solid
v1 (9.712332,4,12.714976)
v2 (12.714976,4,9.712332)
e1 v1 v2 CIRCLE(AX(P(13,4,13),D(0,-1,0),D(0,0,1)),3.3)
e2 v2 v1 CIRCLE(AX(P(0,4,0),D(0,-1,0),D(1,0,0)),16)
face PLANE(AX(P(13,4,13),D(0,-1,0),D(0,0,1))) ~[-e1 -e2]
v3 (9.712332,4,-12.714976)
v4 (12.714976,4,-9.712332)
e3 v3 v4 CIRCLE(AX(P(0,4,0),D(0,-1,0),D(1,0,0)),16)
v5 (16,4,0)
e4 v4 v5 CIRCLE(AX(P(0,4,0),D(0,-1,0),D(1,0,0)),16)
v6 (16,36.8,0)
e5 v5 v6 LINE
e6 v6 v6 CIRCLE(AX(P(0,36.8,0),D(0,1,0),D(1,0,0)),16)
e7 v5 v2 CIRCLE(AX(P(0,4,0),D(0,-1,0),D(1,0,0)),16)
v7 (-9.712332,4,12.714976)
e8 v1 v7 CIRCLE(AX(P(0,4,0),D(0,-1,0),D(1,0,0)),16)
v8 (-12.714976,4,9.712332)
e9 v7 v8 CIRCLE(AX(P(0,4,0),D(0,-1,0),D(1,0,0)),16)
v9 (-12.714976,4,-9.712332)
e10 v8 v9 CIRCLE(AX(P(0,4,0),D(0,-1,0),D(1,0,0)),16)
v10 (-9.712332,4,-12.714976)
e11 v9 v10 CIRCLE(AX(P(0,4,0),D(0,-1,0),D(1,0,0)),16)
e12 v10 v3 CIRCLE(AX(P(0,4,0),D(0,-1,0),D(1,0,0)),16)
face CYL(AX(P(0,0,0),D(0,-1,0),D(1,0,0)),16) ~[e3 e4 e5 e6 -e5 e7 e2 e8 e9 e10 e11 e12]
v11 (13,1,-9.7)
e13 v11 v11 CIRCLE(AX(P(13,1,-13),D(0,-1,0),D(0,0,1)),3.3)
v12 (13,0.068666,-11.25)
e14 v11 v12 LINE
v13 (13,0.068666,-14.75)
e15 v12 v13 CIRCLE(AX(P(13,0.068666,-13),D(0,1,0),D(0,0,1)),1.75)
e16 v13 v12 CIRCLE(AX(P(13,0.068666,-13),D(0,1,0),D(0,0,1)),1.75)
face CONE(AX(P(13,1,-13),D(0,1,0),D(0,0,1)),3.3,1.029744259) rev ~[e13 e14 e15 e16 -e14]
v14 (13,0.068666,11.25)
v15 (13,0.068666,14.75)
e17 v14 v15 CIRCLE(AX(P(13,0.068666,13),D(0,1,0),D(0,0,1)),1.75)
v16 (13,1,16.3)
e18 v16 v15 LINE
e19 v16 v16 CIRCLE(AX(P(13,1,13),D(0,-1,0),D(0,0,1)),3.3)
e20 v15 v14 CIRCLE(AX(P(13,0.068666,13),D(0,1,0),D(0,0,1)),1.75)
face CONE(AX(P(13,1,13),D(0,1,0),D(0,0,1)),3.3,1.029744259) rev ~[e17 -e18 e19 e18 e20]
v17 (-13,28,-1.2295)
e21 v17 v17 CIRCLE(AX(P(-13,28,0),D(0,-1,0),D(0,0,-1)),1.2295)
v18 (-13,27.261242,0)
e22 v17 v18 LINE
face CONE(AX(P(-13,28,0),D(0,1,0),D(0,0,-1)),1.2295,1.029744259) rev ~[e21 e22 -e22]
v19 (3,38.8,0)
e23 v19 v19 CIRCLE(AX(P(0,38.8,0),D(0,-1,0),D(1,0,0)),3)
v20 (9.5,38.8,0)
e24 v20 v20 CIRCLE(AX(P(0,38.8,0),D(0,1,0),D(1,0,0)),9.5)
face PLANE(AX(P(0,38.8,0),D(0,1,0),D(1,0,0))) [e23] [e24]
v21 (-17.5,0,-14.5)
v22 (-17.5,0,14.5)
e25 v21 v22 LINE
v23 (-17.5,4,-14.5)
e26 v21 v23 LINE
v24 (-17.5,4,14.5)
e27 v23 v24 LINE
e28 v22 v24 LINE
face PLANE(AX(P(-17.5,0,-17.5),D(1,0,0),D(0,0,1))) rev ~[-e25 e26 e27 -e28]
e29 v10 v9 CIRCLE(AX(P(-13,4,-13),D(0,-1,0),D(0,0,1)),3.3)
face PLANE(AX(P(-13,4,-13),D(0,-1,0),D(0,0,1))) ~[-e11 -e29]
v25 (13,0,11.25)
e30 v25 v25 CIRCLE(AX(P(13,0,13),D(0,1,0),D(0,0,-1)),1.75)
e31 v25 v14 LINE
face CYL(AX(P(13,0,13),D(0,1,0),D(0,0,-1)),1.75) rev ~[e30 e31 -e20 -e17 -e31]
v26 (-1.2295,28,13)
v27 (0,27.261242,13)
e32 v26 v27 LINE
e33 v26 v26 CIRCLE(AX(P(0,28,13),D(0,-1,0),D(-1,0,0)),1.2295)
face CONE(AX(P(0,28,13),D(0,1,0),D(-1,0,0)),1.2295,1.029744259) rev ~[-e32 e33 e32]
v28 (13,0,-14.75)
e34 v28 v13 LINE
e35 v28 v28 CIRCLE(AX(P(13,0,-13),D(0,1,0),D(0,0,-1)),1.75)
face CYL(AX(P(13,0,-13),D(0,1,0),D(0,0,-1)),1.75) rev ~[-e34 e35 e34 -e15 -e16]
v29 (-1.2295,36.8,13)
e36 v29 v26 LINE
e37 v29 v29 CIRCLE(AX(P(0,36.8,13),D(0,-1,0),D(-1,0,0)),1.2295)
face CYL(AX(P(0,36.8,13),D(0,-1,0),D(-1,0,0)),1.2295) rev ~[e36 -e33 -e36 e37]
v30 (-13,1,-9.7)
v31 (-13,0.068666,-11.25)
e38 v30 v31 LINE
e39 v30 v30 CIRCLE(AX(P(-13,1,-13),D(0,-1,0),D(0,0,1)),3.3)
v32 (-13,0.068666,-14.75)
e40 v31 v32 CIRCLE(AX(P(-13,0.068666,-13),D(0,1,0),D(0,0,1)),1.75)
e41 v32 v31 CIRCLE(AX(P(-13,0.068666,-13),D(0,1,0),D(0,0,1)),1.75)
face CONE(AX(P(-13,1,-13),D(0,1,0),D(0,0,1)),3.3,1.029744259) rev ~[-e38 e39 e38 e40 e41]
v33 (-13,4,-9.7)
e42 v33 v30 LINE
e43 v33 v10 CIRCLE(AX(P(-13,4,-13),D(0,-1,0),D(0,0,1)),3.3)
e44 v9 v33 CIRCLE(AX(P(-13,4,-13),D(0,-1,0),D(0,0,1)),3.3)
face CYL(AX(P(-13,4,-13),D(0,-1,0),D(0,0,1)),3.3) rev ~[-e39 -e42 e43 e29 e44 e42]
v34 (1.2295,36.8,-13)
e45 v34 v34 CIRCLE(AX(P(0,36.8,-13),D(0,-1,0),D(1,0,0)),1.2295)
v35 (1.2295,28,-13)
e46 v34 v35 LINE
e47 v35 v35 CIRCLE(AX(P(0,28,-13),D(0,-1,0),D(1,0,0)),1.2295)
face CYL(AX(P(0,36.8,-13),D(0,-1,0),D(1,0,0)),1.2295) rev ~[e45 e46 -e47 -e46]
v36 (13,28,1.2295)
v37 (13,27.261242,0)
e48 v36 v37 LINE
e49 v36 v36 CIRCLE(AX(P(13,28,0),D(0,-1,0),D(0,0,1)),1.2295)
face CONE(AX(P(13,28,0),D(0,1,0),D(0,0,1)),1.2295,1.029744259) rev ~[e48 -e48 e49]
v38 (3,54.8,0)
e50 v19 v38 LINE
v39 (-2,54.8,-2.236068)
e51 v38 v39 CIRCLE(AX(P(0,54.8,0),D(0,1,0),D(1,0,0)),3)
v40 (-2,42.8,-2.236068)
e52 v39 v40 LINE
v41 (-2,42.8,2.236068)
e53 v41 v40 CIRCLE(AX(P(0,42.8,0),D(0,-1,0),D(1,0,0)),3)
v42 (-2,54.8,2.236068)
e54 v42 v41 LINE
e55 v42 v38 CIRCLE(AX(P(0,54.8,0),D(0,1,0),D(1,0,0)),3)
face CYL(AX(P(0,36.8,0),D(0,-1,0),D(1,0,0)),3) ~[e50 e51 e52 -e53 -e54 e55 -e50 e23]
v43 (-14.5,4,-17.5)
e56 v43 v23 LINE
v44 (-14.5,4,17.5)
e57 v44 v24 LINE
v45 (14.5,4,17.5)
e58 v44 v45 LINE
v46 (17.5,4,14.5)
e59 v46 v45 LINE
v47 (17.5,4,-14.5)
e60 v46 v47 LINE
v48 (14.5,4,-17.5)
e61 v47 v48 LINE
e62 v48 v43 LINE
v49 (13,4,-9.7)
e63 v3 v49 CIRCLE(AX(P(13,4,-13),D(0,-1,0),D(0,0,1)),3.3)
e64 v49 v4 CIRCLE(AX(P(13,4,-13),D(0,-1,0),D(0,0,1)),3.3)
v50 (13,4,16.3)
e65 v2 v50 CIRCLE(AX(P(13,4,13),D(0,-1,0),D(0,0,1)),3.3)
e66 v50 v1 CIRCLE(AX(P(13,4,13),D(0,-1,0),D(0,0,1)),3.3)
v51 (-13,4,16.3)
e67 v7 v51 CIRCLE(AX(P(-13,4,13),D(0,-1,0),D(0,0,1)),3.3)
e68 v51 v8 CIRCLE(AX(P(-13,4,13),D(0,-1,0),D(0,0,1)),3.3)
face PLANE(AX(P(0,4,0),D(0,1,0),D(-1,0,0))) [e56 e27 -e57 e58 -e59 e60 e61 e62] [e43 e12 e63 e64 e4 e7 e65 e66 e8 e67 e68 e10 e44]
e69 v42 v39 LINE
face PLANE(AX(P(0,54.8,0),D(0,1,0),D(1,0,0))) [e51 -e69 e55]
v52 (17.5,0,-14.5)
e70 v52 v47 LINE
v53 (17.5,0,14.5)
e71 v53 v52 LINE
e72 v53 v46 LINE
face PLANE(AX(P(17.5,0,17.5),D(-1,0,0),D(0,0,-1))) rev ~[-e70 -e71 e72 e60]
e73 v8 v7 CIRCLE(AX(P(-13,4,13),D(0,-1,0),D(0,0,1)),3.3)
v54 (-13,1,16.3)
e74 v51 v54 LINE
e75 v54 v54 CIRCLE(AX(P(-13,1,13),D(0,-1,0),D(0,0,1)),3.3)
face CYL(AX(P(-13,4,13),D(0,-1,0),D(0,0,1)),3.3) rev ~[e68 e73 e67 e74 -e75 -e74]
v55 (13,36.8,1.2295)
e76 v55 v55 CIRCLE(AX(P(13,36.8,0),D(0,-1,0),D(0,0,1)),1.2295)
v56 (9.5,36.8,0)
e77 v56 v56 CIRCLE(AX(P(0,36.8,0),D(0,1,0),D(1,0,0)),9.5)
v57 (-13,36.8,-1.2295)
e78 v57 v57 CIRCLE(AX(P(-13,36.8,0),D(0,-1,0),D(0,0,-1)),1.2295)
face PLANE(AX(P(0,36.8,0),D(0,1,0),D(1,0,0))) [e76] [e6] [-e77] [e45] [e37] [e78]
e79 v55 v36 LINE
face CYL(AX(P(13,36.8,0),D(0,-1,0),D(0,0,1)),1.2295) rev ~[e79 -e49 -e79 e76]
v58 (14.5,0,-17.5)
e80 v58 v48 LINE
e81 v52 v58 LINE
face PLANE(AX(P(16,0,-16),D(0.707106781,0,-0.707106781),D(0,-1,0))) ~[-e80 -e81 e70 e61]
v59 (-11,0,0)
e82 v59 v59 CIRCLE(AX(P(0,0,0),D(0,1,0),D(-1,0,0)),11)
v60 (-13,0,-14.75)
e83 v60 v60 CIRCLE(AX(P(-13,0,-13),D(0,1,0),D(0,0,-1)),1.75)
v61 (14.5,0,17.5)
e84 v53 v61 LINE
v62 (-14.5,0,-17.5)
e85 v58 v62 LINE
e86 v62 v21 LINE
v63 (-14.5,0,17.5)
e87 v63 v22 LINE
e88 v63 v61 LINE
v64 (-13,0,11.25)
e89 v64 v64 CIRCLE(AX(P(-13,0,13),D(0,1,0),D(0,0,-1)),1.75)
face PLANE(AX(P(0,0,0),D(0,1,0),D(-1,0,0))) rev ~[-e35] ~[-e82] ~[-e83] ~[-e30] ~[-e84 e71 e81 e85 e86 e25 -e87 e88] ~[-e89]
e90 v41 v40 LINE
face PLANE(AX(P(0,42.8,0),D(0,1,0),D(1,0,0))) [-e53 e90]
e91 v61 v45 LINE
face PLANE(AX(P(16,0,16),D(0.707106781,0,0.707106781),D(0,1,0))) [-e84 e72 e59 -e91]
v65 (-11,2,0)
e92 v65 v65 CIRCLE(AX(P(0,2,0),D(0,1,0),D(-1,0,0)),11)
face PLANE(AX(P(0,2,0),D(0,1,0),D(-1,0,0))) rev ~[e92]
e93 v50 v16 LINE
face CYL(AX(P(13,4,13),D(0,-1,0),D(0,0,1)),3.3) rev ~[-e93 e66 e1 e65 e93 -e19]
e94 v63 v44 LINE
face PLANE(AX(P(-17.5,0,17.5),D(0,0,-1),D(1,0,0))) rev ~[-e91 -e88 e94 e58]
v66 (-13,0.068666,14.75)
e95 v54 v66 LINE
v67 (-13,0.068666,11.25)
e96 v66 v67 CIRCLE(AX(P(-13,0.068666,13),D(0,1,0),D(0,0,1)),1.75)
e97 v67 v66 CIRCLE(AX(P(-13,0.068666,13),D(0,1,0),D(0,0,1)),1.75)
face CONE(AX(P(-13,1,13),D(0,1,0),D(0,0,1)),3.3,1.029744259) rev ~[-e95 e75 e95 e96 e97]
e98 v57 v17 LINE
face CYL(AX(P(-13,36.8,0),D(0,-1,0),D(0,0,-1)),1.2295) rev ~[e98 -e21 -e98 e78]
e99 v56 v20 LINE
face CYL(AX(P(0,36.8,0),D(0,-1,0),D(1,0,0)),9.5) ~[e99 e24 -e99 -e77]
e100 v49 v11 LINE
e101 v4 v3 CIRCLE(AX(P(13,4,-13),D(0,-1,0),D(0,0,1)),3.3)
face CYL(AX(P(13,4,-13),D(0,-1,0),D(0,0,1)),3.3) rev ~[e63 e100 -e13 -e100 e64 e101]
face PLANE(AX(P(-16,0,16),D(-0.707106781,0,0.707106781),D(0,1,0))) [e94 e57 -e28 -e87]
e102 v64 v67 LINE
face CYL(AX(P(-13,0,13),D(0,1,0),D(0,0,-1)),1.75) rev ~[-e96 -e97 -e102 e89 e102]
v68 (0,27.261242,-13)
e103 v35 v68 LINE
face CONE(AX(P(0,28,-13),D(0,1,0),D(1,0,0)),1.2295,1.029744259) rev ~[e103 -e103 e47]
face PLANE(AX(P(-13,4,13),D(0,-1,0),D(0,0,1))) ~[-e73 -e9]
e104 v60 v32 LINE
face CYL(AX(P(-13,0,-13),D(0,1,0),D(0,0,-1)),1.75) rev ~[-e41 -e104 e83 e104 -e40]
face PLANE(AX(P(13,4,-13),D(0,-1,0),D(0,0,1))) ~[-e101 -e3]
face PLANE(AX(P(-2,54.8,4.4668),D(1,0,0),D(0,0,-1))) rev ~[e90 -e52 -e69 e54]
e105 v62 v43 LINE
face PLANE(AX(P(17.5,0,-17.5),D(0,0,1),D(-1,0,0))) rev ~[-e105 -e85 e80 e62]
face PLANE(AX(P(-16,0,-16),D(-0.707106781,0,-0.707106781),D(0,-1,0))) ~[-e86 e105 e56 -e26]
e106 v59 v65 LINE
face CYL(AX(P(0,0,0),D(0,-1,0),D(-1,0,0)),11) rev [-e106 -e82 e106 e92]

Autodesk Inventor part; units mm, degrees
ref_plane "YZ Plane" through (0, 0, 0) normal (1, 0, 0) x (0, 1, 0)
ref_plane "XZ Plane" through (0, 0, 0) normal (0, 1, 0) x (-1, 0, 0)
ref_plane "XY Plane" through (0, 0, 0) normal (0, 0, 1) x (1, 0, 0)
sketch "Sketch1" plane through (0, 0, 0) normal (0, 1, 0) x (-1, 0, 0)
  line L0 (-17.5, -17.5) -> (17.5, -17.5)
  line L1 (17.5, -17.5) -> (17.5, 17.5)
  line L2 (17.5, 17.5) -> (-17.5, 17.5)
  line L3 (-17.5, 17.5) -> (-17.5, -17.5)
  line L4 (-17.5, -17.5) -> (17.5, 17.5) construction
  line L5 (17.5, -17.5) -> (-17.5, 17.5) construction
  point P0 (0, 0)
  dimension "d0" = 35
extrude "Extrusion1" add sketch "Sketch1" along normal blind 4
sketch "Sketch2" plane through (0, 0, 0) normal (0, 1, 0) x (1, 0, 0)
  circle A0 centre (0, 0) radius 16
  dimension "d3" = 32
extrude "Extrusion2" add sketch "Sketch2" along normal blind 36.8
sketch "Sketch3" plane through (0, 36.8, 0) normal (0, 1, 0) x (1, 0, 0)
  circle A0 centre (0, 0) radius 9.5
  dimension "d6" = 19
extrude "Extrusion3" add sketch "Sketch3" along normal blind 2
sketch "Sketch4" plane through (0, 36.8, 0) normal (0, 1, 0) x (1, 0, 0)
  circle A0 centre (0, 0) radius 3
  dimension "d9" = 6
extrude "Extrusion4" add sketch "Sketch4" along normal blind 18
sketch "Sketch5" plane through (0, 36.8, 0) normal (0, 1, 0) x (1, 0, 0)
  line L0 (24.5, 0) -> (-24.5, 0) projected
  line L1 (0, 24.5) -> (0, -24.5) projected
  point P0 (13, 0)
  dimension "d49" = 13
hole "Hole1" at (13, 36.8, 0) direction (0, -1, 0) diameter 2.459 depth 8.8 tip angle 118 thread size "M3x0.5" class "6H" standard "ISO Metric profile"
pattern_circular "Circular Pattern1" count 4 over 360 about axis through (0, -10, 0) along (0, 1, 0) of "Hole1"
chamfer "Chamfer1" distance 3 angle 45 4 edges at (17.5, 2, -17.5) (-17.5, 2, -17.5) (17.5, 2, 17.5) (-17.5, 2, 17.5)
sketch "Sketch7" plane through (0, 0, 0) normal (0, 1, 0) x (-1, 0, 0)
  circle A0 centre (0, 0) radius 11
  dimension "d30" = 22
extrude "Extrusion5" cut sketch "Sketch7" along normal blind 2
sketch "Sketch8" plane through (0, 0, 0) normal (0, 1, 0) x (-1, 0, 0)
  line L0 (13, 13) -> (-13, 13)
  line L1 (-13, 13) -> (-13, -13)
  line L2 (-13, -13) -> (13, -13)
  line L3 (13, -13) -> (13, 13)
  line L4 (13, 13) -> (-13, -13) construction
  line L5 (-13, 13) -> (13, -13) construction
  point P0 (0, 0)
  dimension "d33" = 26
hole "Hole3" at (13, 0, 13) at (-13, 0, 13) at (-13, 0, -13) at (13, 0, -13) direction (0, 1, 0) diameter 3.5 depth 4
sketch "Sketch9" plane through (0, 4, 0) normal (0, 1, 0) x (1, 0, 0)
  circle A0 centre (-13, -13) radius 1.75 projected
  circle A1 centre (-13, 13) radius 1.75 projected
  circle A2 centre (13, 13) radius 1.75 projected
  circle A3 centre (13, -13) radius 1.75 projected
  point P0 (0, 0)
  point P1 (-13.6978, -15.9176)
  point P2 (-15.9176, -13.6978)
  point P3 (13.6978, 15.9176)
  point P4 (15.9176, 13.6978)
  point P5 (14.7912, 17.2088)
  point P6 (-14.7912, -17.2088)
  point P7 (-17.2088, -14.7912)
  point P8 (17.2088, 14.7912)
hole "Hole4" at (-13, 4, 13) at (-13, 4, -13) at (13, 4, -13) at (13, 4, 13) direction (0, -1, 0) diameter 6.6 depth 3 tip angle 118
sketch "Sketch10" plane through (0, 54.8, 0) normal (0, 1, 0) x (1, 0, 0)
  line L0 (-4.6716, -4.4668) -> (-2, -4.4668)
  line L1 (-2, -4.4668) -> (-2, 4.6167)
  line L2 (-2, 4.6167) -> (-4.6716, 4.6167)
  line L3 (-4.6716, 4.6167) -> (-4.6716, -4.4668)
  point P0 (0, 0)
  dimension "d53" = 2
extrude "Extrusion6" cut sketch "Sketch10" against normal blind 12
properties part number "911-42-reducer-long"
